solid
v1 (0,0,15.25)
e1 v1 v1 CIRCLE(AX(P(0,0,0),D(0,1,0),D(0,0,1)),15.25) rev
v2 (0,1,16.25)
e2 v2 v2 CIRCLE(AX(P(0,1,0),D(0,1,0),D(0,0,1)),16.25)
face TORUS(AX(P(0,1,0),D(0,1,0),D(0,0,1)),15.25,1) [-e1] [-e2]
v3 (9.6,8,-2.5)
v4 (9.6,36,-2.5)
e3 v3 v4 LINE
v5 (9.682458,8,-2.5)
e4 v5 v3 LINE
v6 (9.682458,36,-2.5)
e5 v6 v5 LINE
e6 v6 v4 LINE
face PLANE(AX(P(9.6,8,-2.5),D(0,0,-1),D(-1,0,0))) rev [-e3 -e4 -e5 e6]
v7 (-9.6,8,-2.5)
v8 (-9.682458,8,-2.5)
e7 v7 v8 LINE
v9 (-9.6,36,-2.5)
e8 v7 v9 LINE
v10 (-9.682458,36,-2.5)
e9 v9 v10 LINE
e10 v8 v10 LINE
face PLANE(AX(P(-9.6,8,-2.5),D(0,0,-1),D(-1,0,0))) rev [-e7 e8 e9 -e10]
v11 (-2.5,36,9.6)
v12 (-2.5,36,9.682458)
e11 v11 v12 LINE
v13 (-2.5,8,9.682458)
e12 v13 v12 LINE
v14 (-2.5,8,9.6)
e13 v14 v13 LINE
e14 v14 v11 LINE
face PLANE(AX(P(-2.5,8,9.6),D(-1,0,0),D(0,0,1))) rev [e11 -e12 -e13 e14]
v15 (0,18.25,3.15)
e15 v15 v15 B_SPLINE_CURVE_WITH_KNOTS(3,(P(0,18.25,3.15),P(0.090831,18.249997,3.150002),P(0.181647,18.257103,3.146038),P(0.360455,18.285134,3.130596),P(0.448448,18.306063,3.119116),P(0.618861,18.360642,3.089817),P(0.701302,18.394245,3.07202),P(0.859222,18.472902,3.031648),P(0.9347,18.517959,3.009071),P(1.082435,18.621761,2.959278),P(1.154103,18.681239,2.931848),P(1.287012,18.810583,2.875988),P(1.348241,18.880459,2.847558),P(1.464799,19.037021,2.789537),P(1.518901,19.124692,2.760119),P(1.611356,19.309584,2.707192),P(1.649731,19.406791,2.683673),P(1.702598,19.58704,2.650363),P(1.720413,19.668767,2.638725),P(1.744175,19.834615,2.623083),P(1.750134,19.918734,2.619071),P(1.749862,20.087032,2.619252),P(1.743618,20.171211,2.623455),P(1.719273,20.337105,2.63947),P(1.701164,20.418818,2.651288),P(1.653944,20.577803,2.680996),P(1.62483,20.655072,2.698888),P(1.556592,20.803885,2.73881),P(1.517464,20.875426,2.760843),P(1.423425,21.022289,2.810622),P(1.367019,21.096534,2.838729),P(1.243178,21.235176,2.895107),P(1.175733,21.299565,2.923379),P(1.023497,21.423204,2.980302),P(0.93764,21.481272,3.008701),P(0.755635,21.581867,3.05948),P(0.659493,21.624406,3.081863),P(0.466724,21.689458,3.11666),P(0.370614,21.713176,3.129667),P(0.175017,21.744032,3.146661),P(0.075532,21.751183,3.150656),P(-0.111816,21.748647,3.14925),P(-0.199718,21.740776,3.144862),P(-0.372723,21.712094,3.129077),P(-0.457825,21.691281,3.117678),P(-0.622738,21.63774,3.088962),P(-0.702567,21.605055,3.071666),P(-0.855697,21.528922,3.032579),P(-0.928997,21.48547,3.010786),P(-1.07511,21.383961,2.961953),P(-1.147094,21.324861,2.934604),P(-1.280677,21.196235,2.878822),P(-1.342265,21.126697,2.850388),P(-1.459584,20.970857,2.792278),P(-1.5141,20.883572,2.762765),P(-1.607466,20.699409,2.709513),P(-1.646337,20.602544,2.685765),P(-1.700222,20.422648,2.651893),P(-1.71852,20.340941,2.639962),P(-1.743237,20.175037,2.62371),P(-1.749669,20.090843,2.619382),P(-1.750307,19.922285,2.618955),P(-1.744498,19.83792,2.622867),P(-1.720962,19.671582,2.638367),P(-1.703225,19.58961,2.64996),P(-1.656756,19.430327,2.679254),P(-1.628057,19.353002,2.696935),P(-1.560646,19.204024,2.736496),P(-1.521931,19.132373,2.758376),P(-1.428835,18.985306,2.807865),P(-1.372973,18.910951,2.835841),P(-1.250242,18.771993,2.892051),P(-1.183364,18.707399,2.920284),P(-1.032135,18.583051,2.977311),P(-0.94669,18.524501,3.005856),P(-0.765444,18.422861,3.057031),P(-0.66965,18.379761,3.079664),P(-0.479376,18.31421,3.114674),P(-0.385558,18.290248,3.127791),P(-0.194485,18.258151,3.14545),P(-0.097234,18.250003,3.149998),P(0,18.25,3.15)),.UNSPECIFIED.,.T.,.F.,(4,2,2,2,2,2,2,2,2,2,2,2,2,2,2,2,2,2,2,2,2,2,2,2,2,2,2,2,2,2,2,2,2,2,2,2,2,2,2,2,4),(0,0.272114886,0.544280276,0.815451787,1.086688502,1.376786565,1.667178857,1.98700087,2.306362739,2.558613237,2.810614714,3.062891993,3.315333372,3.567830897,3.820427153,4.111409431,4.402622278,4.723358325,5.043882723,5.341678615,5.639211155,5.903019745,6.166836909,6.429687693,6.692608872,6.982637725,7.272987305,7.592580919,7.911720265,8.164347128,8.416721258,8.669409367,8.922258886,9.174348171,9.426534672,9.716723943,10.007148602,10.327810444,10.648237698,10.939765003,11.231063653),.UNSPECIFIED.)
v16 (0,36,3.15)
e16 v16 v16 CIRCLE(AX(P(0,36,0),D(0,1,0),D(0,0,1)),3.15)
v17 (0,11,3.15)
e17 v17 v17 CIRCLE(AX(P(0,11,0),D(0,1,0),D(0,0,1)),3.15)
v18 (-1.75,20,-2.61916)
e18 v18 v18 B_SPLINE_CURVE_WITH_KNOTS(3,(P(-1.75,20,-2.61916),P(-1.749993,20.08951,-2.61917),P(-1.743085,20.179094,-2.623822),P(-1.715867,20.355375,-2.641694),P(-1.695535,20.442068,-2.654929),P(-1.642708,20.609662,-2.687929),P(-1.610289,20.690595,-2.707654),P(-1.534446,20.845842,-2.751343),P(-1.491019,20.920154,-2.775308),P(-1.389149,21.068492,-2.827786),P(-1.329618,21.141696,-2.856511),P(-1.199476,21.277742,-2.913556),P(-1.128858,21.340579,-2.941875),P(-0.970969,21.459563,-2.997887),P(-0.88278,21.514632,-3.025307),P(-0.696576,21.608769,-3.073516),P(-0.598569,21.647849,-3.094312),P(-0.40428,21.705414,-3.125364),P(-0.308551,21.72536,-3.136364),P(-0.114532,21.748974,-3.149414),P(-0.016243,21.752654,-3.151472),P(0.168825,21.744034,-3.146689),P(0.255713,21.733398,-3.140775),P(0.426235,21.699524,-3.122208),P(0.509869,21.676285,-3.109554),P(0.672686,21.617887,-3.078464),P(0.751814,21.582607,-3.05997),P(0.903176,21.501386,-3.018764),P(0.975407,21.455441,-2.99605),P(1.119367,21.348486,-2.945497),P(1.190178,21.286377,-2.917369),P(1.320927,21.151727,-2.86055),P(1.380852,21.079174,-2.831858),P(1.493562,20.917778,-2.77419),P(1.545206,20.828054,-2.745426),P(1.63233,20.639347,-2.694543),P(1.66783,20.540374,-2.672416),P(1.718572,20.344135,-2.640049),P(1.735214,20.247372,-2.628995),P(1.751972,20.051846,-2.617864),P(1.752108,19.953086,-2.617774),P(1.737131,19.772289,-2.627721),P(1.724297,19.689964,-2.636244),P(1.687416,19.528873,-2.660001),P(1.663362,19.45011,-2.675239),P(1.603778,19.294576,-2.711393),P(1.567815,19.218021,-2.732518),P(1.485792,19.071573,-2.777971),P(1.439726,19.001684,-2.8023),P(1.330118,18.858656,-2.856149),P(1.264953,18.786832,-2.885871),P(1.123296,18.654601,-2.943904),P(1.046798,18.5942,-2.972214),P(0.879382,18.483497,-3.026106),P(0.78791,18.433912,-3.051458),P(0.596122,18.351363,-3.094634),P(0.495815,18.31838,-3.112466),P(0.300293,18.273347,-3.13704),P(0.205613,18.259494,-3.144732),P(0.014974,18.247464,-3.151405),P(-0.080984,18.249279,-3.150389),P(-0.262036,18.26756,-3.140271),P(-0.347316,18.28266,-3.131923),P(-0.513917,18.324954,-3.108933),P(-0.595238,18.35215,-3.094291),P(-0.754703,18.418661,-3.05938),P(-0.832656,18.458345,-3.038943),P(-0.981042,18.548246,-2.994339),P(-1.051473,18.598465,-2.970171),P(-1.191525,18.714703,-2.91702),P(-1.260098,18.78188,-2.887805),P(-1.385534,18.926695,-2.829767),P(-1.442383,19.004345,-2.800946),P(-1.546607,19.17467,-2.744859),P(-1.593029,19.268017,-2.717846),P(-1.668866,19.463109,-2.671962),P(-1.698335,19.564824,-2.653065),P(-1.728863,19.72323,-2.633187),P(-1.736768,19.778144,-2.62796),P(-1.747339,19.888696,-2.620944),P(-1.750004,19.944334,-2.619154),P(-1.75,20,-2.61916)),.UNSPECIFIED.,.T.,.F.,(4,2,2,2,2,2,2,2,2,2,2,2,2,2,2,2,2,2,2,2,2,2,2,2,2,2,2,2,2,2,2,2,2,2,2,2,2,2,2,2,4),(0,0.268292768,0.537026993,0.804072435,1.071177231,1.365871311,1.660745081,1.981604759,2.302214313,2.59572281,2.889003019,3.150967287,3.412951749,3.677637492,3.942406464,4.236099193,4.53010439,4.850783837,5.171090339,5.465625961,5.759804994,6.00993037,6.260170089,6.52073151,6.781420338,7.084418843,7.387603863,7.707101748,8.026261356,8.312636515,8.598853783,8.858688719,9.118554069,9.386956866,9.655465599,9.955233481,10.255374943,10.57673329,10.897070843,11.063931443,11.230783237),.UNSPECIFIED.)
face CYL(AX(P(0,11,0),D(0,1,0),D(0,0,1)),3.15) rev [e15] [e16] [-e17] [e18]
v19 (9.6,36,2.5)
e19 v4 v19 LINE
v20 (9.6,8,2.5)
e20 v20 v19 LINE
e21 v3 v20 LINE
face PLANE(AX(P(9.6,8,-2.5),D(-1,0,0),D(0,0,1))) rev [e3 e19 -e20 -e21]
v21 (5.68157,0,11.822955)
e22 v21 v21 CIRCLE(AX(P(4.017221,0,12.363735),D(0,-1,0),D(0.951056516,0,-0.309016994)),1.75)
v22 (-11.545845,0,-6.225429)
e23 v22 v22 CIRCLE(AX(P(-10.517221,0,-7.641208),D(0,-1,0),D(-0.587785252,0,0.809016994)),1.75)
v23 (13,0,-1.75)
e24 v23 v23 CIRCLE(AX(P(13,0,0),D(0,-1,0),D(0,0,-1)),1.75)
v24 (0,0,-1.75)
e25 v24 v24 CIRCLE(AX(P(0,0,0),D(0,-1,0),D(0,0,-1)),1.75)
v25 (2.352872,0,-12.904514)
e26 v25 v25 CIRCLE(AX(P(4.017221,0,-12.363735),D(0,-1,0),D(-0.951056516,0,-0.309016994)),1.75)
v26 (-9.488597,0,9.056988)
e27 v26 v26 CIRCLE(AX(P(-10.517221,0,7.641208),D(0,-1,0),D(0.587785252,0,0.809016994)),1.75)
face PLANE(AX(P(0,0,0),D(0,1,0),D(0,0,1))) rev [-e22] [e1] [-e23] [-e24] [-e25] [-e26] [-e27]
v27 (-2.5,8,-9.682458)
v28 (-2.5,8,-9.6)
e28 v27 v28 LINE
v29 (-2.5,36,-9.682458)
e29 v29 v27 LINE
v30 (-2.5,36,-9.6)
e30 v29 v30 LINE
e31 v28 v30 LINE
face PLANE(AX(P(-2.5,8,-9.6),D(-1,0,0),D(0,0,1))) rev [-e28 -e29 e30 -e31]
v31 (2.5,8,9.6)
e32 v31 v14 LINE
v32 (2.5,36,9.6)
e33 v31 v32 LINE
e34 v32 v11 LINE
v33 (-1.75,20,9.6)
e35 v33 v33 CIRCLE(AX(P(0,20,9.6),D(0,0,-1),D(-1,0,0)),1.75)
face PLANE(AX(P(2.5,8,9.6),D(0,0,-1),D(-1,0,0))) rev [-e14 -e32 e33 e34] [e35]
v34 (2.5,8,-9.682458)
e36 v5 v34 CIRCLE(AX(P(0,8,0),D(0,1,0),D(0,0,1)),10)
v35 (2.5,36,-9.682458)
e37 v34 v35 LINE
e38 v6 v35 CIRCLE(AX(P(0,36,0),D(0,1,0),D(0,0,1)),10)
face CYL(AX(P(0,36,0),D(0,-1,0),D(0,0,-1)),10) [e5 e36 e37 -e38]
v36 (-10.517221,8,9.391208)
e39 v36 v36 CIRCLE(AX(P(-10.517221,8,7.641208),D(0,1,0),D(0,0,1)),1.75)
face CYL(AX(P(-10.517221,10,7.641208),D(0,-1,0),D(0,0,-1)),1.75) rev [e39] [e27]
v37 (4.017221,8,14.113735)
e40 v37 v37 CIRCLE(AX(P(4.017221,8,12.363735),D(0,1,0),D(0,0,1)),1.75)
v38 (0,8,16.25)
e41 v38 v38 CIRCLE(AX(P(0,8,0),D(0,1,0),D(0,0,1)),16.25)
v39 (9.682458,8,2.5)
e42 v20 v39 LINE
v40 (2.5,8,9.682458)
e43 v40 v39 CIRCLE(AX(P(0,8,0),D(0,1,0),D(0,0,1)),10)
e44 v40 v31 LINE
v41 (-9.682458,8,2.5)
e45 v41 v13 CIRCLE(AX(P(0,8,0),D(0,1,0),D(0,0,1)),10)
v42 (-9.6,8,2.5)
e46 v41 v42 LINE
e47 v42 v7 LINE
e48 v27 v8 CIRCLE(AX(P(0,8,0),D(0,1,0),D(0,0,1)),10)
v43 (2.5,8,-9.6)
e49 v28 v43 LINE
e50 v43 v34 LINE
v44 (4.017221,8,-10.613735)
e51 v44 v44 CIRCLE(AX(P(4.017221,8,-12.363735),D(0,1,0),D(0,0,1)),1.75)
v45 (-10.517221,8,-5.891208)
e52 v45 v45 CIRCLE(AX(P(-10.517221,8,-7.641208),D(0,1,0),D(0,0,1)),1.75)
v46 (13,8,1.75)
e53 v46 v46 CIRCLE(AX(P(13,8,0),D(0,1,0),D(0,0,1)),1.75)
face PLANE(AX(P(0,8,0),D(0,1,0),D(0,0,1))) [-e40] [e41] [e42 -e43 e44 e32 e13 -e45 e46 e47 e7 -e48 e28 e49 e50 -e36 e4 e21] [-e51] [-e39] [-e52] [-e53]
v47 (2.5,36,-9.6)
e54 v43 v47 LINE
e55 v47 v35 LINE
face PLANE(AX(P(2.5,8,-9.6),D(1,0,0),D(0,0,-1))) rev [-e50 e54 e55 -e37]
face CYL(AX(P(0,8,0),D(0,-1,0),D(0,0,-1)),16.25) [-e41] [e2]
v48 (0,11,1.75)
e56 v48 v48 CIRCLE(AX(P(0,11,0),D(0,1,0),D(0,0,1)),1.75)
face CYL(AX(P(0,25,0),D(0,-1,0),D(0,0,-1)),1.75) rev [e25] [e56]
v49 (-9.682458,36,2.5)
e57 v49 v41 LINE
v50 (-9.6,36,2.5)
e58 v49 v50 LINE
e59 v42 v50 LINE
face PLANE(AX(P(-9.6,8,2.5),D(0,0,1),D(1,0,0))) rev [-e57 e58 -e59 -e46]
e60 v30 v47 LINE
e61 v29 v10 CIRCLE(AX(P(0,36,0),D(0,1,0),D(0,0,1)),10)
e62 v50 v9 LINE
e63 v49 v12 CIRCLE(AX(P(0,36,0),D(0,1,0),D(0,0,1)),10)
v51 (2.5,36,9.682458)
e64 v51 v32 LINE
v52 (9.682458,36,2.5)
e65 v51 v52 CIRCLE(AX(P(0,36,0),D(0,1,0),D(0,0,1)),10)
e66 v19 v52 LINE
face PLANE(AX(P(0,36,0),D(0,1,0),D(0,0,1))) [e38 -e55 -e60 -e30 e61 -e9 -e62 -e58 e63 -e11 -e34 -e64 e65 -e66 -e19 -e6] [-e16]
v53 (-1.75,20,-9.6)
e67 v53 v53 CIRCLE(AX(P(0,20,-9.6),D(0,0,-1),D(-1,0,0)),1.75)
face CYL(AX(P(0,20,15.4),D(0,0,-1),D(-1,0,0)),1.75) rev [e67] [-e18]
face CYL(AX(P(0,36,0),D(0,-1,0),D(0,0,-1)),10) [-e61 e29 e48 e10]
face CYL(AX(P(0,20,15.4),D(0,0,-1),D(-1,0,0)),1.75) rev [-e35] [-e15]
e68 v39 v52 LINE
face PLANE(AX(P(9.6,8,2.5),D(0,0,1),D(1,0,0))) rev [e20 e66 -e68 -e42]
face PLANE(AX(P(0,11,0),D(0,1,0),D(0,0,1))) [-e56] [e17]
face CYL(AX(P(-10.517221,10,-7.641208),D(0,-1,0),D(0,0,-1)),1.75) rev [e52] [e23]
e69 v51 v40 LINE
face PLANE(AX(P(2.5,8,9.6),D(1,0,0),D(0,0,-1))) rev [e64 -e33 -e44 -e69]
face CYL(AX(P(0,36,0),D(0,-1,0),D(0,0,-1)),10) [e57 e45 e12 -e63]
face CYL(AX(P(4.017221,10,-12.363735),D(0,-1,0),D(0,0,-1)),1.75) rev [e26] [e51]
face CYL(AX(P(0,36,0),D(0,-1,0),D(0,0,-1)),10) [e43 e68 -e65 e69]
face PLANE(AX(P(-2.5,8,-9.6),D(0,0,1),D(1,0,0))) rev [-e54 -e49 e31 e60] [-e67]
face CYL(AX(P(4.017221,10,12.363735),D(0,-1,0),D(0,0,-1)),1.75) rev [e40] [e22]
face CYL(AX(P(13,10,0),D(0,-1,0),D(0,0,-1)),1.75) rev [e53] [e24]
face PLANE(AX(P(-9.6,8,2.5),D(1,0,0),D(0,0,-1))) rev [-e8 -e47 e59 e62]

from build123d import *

# Parameters (mm, degrees)
SKETCH1_R           = 16.25
BOSS_EXTRUDE1_DEPTH = 8
SKETCH2_R           = 10
BOSS_EXTRUDE2_DEPTH = 28
SKETCH3_R           = 3.15
CUT_EXTRUDE1_DEPTH  = 25
SKETCH4_W           = 1.193492023
SKETCH4_H           = 5
CUT_EXTRUDE2_DEPTH  = 28
CIRPATTERN1_COUNT   = 4
SKETCH5_R           = 1.75
CUT_EXTRUDE3_DEPTH  = 25
FILLET1_R           = 1
SKETCH6_R           = 1.75
CUT_EXTRUDE4_DEPTH  = 25
SKETCH7_R           = 1.75
CUT_EXTRUDE5_DEPTH  = 10
CIRPATTERN2_COUNT   = 5


with BuildPart() as part:
    # Sketch1 → Boss-Extrude1 (new body)
    with BuildSketch(Plane(origin=(0, 0, 0), x_dir=(1, 0, 0), z_dir=(0, 1, 0))):
        with Locations(Location((0, 0, 0), (0, 0, 270))):
            Circle(SKETCH1_R)
    extrude(amount=BOSS_EXTRUDE1_DEPTH)

    # Sketch2 → Boss-Extrude2 (add)
    with BuildSketch(Plane(origin=(0, 8, 0), x_dir=(1, 0, 0), z_dir=(0, 1, 0))):
        with Locations(Location((0, 0, 0), (0, 0, 270))):
            Circle(SKETCH2_R)
    extrude(amount=BOSS_EXTRUDE2_DEPTH)

    # Sketch3 → Cut-Extrude1 (cut)
    with BuildSketch(Plane(origin=(0, 36, 0), x_dir=(1, 0, 0), z_dir=(0, 1, 0))):
        with Locations(Location((0, 0, 0), (0, 0, 270))):
            Circle(SKETCH3_R)
    extrude(amount=-CUT_EXTRUDE1_DEPTH, mode=Mode.SUBTRACT)

    # Sketch4 → Cut-Extrude2 (cut)
    with BuildSketch(Plane(origin=(0, 36, 0), x_dir=(1, 0, 0), z_dir=(0, 1, 0))):
        with Locations((10.196746012, 0)):
            Rectangle(SKETCH4_W, SKETCH4_H)
    cut_extrude2 = extrude(amount=-CUT_EXTRUDE2_DEPTH, mode=Mode.SUBTRACT)

    # CirPattern1: Cut-Extrude2 ×4 about axis
    cirpattern1_axis = Axis((0, 0, 0), (0, 1, 0))
    for i in range(1, CIRPATTERN1_COUNT):
        add(cut_extrude2.rotate(cirpattern1_axis, i * 360 / CIRPATTERN1_COUNT), mode=Mode.SUBTRACT)

    # Sketch5 → Cut-Extrude3 (cut)
    with BuildSketch(Plane(origin=(0, 0, -9.6), x_dir=(-1, 0, 0), z_dir=(0, 0, -1))):
        with Locations((0, 20)):
            Circle(SKETCH5_R)
    extrude(amount=-CUT_EXTRUDE3_DEPTH, mode=Mode.SUBTRACT)

    # Fillet1
    fillet1_edges = [part.edges().sort_by_distance(p)[0] for p in [
        (0, 0, -16.25),
    ]]
    fillet(fillet1_edges, radius=FILLET1_R)

    # Sketch6 → Cut-Extrude4 (cut)
    with BuildSketch(Plane(origin=(0, 0, 0), x_dir=(-1, 0, 0), z_dir=(0, -1, 0))):
        with Locations(Location((0, 0, 0), (0, 0, 90))):
            Circle(SKETCH6_R)
    extrude(amount=-CUT_EXTRUDE4_DEPTH, mode=Mode.SUBTRACT)

    # Sketch7 → Cut-Extrude5 (cut)
    with BuildSketch(Plane(origin=(0, 0, 0), x_dir=(-1, 0, 0), z_dir=(0, -1, 0))):
        with Locations(Location((-13, 0, 0), (0, 0, 90))):
            Circle(SKETCH7_R)
    cut_extrude5 = extrude(amount=-CUT_EXTRUDE5_DEPTH, mode=Mode.SUBTRACT)

    # CirPattern2: Cut-Extrude5 ×5 about axis
    cirpattern2_axis = Axis((0, 0, 0), (0, 1, 0))
    for i in range(1, CIRPATTERN2_COUNT):
        add(cut_extrude5.rotate(cirpattern2_axis, i * 360 / CIRPATTERN2_COUNT), mode=Mode.SUBTRACT)


solid = part.part
